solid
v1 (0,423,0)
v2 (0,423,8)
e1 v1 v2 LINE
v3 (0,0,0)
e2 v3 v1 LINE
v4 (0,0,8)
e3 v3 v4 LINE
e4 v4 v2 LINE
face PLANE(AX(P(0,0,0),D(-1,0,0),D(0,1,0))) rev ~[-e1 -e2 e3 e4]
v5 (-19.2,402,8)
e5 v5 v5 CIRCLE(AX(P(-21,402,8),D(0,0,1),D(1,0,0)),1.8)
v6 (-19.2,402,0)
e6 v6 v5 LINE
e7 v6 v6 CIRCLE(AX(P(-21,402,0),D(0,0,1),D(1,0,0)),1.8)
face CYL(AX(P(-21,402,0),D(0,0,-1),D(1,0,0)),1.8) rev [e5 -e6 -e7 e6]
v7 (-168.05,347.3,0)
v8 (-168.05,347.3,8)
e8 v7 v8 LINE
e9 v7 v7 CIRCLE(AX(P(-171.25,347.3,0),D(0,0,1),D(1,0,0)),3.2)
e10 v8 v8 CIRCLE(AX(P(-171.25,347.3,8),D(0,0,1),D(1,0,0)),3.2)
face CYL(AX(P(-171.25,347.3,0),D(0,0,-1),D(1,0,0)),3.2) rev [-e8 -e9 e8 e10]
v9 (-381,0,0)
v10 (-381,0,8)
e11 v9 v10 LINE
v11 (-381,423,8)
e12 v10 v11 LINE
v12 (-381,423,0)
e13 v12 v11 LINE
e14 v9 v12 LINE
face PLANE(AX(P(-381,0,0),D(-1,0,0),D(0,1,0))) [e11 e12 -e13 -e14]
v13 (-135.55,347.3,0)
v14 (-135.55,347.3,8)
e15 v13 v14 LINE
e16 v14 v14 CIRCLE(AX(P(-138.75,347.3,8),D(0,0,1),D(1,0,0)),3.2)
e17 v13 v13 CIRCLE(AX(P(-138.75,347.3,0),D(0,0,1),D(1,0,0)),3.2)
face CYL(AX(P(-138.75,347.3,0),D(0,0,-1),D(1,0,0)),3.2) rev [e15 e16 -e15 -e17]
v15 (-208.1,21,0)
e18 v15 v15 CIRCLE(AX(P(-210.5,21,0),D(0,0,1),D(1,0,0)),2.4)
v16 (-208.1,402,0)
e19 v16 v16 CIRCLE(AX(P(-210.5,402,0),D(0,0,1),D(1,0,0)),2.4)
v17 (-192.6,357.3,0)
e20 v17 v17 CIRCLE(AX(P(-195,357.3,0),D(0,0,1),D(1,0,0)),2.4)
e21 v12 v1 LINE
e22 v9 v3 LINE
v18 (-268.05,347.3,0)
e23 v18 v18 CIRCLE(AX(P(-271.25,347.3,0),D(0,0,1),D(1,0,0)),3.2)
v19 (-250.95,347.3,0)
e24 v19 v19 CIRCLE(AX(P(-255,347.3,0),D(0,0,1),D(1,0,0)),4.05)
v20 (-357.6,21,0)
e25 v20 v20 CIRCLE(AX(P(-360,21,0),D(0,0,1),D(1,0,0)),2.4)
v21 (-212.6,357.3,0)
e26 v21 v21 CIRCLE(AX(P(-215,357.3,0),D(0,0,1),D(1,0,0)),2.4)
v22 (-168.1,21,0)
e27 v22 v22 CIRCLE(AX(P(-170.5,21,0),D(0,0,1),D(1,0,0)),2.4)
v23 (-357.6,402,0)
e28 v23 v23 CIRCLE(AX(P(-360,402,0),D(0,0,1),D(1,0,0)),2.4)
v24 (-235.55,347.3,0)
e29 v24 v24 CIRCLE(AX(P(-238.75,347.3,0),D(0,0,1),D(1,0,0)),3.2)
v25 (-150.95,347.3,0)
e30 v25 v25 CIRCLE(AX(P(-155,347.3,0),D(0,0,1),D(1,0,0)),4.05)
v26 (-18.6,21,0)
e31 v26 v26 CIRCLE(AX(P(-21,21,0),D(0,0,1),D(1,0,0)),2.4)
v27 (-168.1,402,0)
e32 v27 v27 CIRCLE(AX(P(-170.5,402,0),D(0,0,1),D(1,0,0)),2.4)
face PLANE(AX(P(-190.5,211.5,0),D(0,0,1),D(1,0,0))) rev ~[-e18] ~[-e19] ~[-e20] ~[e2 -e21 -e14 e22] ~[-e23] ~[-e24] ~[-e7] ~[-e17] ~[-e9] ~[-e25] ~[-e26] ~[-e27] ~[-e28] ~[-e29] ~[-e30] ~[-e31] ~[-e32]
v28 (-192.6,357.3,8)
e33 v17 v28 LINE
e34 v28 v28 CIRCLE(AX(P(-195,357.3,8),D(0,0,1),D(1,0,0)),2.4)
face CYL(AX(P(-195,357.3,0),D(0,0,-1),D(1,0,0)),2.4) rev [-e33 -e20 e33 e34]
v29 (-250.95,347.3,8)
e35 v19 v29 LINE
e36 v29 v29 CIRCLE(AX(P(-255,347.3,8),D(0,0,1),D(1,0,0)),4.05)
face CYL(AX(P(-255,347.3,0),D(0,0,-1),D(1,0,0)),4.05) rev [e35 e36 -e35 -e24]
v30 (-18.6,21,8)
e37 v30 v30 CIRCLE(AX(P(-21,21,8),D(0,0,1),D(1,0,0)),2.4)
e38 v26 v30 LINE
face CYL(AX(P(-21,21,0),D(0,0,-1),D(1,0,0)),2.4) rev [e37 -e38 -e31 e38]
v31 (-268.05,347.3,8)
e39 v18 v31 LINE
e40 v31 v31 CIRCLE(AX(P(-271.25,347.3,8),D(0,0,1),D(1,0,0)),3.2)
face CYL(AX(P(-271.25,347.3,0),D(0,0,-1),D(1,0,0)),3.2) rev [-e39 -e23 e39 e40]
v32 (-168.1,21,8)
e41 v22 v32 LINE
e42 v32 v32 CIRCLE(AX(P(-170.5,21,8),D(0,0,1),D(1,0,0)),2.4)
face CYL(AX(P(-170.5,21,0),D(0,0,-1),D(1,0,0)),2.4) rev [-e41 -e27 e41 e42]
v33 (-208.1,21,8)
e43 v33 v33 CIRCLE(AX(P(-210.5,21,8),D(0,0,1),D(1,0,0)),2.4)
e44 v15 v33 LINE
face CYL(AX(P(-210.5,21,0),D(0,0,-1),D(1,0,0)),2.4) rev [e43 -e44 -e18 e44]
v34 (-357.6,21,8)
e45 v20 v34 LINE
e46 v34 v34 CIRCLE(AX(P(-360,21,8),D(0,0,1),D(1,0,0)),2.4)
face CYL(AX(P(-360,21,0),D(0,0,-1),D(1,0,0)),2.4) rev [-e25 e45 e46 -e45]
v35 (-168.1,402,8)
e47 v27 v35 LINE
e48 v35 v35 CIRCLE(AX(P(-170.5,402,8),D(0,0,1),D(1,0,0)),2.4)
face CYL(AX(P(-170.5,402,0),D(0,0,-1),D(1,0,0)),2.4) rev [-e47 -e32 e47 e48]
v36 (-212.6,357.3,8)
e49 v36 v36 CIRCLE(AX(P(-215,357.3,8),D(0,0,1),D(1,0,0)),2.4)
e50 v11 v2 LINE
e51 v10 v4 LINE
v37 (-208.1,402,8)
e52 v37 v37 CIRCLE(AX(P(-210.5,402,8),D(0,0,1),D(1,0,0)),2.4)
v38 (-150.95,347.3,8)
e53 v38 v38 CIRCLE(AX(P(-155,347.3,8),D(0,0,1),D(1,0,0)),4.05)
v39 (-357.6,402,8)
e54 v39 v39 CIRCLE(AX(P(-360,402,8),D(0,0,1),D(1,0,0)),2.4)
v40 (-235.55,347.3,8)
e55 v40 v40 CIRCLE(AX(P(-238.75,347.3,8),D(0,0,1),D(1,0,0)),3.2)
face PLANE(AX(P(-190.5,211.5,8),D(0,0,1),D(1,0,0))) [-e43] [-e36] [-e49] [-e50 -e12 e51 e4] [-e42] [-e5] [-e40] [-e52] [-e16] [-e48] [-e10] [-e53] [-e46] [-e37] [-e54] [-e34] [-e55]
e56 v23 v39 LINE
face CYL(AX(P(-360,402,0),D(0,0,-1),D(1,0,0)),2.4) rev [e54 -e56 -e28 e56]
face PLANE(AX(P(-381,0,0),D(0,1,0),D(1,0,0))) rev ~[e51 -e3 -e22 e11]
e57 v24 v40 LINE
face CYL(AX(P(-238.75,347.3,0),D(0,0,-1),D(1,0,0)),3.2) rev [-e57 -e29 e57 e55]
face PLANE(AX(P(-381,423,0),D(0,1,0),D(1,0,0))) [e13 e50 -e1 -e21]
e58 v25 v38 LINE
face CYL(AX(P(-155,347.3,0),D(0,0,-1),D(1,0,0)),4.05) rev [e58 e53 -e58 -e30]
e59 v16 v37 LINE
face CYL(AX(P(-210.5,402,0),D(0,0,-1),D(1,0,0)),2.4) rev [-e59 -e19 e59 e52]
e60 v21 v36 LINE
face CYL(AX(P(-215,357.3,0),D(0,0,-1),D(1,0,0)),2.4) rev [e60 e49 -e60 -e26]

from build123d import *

# Parameters (mm, degrees)
SKETCH_W   = 381
SKETCH_H   = 423
SKETCH_R   = 2.4
SKETCH_R_2 = 1.8
SKETCH_R_3 = 3.2
SKETCH_R_4 = 4.05
PAD_DEPTH  = 8


with BuildPart() as part:
    # Sketch → Pad (new body)
    with BuildSketch(Plane.XY):
        with Locations((-190.5, 211.5)):
            Rectangle(SKETCH_W, SKETCH_H)
        with Locations((-360, 402)):
            Circle(SKETCH_R, mode=Mode.SUBTRACT)
        with Locations((-21, 402)):
            Circle(SKETCH_R_2, mode=Mode.SUBTRACT)
        with Locations((-360, 21)):
            Circle(SKETCH_R, mode=Mode.SUBTRACT)
        with Locations((-21, 21)):
            Circle(SKETCH_R, mode=Mode.SUBTRACT)
        with Locations((-171.25, 347.3)):
            Circle(SKETCH_R_3, mode=Mode.SUBTRACT)
        with Locations((-138.75, 347.3)):
            Circle(SKETCH_R_3, mode=Mode.SUBTRACT)
        with Locations((-271.25, 347.3)):
            Circle(SKETCH_R_3, mode=Mode.SUBTRACT)
        with Locations((-238.75, 347.3)):
            Circle(SKETCH_R_3, mode=Mode.SUBTRACT)
        with Locations((-215, 357.3)):
            Circle(SKETCH_R, mode=Mode.SUBTRACT)
        with Locations((-195, 357.3)):
            Circle(SKETCH_R, mode=Mode.SUBTRACT)
        with Locations((-210.5, 402)):
            Circle(SKETCH_R, mode=Mode.SUBTRACT)
        with Locations((-170.5, 402)):
            Circle(SKETCH_R, mode=Mode.SUBTRACT)
        with Locations((-210.5, 21)):
            Circle(SKETCH_R, mode=Mode.SUBTRACT)
        with Locations((-170.5, 21)):
            Circle(SKETCH_R, mode=Mode.SUBTRACT)
        with Locations((-255, 347.3)):
            Circle(SKETCH_R_4, mode=Mode.SUBTRACT)
        with Locations((-155, 347.3)):
            Circle(SKETCH_R_4, mode=Mode.SUBTRACT)
    extrude(amount=PAD_DEPTH)


solid = part.part
